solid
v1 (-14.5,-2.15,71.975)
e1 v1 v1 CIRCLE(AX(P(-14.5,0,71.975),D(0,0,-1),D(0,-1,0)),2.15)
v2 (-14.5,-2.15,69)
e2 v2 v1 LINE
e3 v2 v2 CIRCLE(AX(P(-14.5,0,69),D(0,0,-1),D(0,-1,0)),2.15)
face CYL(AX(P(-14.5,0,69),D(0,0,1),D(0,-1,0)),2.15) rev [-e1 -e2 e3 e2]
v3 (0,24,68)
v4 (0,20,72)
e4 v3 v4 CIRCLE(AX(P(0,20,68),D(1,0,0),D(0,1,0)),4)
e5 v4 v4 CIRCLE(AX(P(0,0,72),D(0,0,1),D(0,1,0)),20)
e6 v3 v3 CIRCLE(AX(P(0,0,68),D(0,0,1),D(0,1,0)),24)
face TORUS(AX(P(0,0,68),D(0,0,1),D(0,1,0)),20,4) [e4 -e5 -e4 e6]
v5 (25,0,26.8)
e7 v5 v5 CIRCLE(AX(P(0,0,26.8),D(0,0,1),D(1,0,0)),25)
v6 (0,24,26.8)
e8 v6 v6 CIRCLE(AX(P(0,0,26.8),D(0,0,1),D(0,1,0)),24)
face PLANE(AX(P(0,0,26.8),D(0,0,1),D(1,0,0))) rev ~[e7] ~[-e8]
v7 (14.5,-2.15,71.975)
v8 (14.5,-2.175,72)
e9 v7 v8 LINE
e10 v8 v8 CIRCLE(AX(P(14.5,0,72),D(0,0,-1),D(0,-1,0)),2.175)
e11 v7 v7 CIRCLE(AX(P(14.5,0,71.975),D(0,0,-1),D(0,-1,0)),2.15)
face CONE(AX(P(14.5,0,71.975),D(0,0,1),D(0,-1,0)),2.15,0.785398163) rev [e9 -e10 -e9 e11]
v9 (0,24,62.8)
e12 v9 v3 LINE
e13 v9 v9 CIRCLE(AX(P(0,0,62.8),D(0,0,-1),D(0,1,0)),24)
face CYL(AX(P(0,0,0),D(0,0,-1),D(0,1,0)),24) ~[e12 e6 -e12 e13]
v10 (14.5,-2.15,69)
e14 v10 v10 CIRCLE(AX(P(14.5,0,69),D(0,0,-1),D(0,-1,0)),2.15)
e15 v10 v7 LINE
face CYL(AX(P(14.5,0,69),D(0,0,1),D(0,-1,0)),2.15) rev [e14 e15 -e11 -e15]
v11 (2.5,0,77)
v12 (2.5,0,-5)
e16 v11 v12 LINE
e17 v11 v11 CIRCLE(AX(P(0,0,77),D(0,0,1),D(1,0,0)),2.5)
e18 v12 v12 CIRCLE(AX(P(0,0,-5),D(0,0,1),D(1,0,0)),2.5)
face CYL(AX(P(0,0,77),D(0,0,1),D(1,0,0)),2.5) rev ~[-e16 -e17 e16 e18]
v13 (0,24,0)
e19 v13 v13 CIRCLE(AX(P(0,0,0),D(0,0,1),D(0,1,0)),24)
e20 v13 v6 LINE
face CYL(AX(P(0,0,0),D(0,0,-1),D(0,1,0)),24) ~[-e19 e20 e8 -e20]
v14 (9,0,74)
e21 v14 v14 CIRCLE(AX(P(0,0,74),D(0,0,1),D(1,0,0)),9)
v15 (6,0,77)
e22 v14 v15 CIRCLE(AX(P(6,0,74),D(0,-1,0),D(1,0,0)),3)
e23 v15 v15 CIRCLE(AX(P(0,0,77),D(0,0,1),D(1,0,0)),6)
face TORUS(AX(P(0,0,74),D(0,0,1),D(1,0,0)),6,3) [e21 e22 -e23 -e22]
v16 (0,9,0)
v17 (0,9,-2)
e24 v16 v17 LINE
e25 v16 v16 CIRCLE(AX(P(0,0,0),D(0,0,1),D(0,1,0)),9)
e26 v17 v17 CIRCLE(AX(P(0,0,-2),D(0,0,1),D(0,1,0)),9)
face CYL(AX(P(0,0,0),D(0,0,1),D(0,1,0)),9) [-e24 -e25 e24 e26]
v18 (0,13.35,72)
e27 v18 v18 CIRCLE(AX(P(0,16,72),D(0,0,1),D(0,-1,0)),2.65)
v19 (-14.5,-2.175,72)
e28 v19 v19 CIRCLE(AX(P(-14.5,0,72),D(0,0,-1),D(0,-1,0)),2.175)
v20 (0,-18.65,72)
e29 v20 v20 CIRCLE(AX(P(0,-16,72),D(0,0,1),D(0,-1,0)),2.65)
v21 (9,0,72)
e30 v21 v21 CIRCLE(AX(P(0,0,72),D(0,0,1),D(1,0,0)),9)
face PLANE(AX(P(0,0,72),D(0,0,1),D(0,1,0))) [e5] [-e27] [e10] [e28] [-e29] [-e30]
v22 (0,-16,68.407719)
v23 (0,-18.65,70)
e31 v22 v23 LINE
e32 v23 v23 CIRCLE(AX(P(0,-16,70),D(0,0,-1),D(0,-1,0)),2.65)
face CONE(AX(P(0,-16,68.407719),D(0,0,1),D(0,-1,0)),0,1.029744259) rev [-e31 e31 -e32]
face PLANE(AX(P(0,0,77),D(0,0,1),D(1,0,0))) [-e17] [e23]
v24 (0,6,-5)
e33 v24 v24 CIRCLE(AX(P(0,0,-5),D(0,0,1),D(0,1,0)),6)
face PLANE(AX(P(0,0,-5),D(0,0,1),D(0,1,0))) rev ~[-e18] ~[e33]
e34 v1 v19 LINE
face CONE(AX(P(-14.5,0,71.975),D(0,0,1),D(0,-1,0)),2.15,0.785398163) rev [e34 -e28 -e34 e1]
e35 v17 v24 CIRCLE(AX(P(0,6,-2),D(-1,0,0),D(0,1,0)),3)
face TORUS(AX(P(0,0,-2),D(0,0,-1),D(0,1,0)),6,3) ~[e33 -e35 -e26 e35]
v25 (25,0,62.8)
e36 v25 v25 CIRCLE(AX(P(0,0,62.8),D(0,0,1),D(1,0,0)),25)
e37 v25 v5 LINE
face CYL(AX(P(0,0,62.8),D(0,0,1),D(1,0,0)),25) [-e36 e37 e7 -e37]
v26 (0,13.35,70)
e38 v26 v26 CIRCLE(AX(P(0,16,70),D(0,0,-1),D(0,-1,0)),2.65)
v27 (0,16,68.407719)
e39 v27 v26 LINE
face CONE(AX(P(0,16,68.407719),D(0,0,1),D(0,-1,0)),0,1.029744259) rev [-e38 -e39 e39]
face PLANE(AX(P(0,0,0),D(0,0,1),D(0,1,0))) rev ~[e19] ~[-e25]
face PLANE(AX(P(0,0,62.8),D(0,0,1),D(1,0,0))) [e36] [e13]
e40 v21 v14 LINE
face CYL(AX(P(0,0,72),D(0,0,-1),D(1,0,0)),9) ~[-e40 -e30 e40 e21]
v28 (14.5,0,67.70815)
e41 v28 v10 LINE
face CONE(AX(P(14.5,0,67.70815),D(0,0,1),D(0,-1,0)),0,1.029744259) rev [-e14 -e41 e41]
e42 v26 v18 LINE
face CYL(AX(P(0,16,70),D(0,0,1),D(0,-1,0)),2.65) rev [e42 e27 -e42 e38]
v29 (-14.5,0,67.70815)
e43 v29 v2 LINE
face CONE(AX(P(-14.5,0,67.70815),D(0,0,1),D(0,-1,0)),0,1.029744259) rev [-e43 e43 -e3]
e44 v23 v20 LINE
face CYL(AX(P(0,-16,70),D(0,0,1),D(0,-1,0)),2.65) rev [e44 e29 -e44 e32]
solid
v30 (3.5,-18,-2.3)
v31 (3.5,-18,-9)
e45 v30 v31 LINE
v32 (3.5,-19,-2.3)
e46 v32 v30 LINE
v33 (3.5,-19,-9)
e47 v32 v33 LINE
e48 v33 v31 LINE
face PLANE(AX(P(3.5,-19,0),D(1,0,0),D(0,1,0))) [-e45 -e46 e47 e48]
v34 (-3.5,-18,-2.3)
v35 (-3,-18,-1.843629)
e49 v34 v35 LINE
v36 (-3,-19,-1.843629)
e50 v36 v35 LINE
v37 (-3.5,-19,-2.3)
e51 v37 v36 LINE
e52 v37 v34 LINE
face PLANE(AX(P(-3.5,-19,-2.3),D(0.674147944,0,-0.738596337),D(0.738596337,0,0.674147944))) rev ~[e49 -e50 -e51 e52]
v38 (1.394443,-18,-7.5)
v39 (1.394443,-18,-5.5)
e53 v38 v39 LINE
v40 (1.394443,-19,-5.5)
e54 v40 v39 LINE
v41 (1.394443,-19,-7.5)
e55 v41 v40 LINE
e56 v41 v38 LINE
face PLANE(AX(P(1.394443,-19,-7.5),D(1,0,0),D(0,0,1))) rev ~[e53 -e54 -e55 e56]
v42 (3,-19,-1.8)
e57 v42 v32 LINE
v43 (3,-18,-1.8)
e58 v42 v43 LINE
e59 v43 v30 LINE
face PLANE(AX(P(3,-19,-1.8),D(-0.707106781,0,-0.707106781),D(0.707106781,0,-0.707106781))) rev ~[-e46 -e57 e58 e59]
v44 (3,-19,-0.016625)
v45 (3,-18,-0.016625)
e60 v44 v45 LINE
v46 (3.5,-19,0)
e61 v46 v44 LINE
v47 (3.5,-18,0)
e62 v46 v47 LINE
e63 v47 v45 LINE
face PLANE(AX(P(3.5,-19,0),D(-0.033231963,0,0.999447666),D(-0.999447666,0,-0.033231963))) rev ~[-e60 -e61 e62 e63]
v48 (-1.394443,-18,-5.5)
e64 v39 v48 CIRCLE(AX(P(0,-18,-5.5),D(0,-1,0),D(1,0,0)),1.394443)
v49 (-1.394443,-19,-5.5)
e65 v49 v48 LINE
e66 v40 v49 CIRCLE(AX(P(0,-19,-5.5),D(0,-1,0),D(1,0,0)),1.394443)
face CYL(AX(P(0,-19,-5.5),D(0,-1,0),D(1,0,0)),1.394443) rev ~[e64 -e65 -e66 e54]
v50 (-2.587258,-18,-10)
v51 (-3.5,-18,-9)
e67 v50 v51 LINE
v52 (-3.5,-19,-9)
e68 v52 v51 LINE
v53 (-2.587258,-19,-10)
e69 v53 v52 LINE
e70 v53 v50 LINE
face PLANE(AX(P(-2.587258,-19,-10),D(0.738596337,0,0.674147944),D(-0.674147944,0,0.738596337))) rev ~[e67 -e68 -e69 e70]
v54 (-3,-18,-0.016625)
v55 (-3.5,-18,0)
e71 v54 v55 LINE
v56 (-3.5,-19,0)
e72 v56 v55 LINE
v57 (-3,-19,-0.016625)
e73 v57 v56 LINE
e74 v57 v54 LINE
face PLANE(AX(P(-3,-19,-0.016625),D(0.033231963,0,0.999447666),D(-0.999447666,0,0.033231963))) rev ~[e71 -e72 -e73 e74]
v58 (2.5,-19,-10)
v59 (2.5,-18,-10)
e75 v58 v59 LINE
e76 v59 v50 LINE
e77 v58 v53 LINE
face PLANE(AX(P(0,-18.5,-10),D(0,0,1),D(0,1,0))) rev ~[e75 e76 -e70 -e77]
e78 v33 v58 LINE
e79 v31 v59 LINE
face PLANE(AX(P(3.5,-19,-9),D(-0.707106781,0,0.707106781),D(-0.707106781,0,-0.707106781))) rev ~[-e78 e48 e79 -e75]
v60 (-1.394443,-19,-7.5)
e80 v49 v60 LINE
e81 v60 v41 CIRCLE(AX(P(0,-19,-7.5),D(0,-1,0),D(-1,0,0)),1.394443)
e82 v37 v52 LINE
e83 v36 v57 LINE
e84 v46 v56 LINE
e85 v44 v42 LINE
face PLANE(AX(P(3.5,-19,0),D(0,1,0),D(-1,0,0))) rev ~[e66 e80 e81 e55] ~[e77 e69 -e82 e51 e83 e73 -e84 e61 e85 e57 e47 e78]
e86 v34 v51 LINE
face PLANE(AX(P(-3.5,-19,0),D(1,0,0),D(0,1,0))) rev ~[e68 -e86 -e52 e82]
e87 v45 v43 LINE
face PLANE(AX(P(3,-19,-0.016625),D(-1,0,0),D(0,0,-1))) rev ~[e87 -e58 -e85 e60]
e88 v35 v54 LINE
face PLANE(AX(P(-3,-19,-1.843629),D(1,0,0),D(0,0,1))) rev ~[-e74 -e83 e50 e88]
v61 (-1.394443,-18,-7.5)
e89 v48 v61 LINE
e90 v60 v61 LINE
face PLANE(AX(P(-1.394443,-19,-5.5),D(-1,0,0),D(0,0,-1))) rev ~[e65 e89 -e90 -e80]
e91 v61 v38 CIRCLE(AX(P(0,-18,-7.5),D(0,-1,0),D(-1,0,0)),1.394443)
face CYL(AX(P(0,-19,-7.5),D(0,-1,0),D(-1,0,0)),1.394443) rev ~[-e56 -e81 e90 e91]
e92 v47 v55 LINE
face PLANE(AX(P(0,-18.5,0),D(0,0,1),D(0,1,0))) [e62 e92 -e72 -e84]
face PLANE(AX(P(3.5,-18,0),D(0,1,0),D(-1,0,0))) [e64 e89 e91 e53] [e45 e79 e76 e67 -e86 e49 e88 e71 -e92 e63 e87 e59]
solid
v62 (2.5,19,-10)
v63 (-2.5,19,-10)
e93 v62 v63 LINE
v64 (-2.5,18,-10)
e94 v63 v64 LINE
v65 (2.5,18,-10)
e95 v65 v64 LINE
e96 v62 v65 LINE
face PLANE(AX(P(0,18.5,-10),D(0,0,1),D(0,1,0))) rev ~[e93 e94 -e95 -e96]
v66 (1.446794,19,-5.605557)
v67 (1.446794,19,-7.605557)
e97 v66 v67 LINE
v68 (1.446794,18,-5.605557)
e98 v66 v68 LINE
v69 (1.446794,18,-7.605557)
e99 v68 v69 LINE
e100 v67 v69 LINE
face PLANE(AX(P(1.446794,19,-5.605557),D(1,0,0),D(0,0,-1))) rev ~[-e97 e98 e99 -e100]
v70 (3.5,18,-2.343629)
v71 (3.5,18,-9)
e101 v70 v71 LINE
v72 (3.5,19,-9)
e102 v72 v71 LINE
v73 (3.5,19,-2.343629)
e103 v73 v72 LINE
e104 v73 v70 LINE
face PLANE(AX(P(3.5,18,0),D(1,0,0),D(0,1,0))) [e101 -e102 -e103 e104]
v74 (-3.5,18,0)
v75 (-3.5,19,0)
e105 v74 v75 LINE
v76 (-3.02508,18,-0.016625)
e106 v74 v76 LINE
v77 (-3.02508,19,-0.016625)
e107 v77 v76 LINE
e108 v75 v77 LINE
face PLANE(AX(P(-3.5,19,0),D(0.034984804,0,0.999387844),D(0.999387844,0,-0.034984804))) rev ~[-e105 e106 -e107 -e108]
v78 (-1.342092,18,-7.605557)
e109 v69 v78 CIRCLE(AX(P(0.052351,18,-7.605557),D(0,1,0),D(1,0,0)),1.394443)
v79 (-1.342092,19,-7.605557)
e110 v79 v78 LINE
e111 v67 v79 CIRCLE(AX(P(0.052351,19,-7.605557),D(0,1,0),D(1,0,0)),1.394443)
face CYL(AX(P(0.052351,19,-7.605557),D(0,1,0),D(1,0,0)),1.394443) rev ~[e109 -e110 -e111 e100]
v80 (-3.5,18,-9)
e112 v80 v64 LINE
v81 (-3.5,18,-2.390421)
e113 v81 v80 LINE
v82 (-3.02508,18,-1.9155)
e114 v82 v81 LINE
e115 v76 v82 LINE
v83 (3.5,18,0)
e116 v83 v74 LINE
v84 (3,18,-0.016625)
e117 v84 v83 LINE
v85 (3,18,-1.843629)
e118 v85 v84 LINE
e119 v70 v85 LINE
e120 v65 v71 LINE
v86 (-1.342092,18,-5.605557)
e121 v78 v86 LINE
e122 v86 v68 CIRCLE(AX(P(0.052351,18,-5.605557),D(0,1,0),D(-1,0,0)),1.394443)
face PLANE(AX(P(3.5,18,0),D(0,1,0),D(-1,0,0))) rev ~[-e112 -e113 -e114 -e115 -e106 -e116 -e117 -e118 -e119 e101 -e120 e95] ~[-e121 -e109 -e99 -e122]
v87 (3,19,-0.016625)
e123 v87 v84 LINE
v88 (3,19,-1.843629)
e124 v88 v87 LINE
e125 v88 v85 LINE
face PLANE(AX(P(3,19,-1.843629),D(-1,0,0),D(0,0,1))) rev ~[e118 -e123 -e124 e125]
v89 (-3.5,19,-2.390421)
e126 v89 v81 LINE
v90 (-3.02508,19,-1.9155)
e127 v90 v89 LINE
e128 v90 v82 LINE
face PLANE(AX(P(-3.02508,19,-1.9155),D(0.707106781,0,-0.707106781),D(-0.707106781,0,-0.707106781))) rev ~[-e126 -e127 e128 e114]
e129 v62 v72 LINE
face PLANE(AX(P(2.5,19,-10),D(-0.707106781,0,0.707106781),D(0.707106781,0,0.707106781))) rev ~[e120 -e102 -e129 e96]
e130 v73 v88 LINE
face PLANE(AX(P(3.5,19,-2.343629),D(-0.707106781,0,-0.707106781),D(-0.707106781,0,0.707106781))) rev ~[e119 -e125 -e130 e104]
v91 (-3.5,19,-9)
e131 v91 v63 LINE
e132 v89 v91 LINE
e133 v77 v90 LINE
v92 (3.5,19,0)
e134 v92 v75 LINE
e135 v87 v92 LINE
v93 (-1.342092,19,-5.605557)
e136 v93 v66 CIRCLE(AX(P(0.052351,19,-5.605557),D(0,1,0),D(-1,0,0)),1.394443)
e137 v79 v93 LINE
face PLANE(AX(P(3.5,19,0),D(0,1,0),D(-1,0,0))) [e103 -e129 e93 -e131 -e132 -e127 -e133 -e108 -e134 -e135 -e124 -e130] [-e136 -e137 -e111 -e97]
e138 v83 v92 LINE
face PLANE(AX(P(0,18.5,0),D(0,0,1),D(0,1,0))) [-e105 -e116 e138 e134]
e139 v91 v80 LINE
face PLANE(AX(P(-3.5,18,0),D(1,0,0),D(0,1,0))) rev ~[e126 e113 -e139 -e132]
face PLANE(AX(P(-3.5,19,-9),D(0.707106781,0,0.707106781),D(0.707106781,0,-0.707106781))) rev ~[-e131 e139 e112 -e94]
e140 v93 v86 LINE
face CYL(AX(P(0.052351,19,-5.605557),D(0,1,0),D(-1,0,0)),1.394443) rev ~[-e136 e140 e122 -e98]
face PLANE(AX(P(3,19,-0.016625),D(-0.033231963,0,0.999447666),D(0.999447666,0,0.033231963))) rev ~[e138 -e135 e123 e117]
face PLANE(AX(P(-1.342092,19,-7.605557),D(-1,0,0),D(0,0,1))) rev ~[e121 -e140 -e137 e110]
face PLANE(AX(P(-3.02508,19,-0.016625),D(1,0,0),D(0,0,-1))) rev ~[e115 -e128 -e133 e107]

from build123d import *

# Parameters (mm, degrees)
SKETCH1_R                     = 24
BOSS_EXTRUDE1_DEPTH           = 72
SKETCH6_R                     = 9
BOSS_EXTRUDE2_DEPTH           = 5
SKETCH7_R                     = 9
BOSS_EXTRUDE3_DEPTH           = 5
SKETCH8_R                     = 2.5
CUT_EXTRUDE5_DEPTH            = 82
FILLET3_R                     = 3
FILLET4_R                     = 4
BOSS_EXTRUDE4_START           = -9.2
SKETCH9_R                     = 25
SKETCH9_R_2                   = 24
BOSS_EXTRUDE4_DEPTH           = 36
SKETCH10_W                    = 1
SKETCH10_H                    = 7
BOSS_EXTRUDE5_DEPTH           = 10
BOSS_EXTRUDE5_2_DEPTH         = 10
M4_CLEARANCE_HOLE5_AT_2_COUNT = 2
M4_CLEARANCE_HOLE5_AT_2_PITCH = 29
M5_CLEARANCE_HOLE1_AT_2_COUNT = 2
M5_CLEARANCE_HOLE1_AT_2_PITCH = 32
CUT_EXTRUDE7_DEPTH            = 1
CUT_EXTRUDE8_DEPTH            = 1


with BuildPart() as part:
    # Sketch1 → Boss-Extrude1 (new body)
    with BuildSketch(Plane(origin=(0, 0, 0), x_dir=(0, 1, 0), z_dir=(0, 0, 1))):
        Circle(SKETCH1_R)
    extrude(amount=BOSS_EXTRUDE1_DEPTH)

    # Sketch6 → Boss-Extrude2 (add)
    with BuildSketch(Plane.XY.offset(72)):
        Circle(SKETCH6_R)
    extrude(amount=BOSS_EXTRUDE2_DEPTH)

    # Sketch7 → Boss-Extrude3 (add)
    with BuildSketch(Plane(origin=(0, 0, 0), x_dir=(0, 1, 0), z_dir=(0, 0, 1))):
        Circle(SKETCH7_R)
    extrude(amount=-BOSS_EXTRUDE3_DEPTH)

    # Sketch8 → Cut-Extrude5 (cut)
    with BuildSketch(Plane.XY.offset(77)):
        Circle(SKETCH8_R)
    extrude(amount=-CUT_EXTRUDE5_DEPTH, mode=Mode.SUBTRACT)

    # Fillet3
    fillet3_edges = [part.edges().sort_by_distance(p)[0] for p in [
        (0, -9, -5),
        (-9, 0, 77),
    ]]
    fillet(fillet3_edges, radius=FILLET3_R)

    # Fillet4
    fillet4_edges = [part.edges().sort_by_distance(p)[0] for p in [
        (0, -24, 72),
    ]]
    fillet(fillet4_edges, radius=FILLET4_R)

    # Sketch9 → Boss-Extrude4 (add)
    with BuildSketch(Plane.XY.offset(72).offset(BOSS_EXTRUDE4_START)):
        Circle(SKETCH9_R)
        Circle(SKETCH9_R_2, mode=Mode.SUBTRACT)
    extrude(amount=-BOSS_EXTRUDE4_DEPTH)

    # Sketch18 → M4 Clearance Hole5 (revolve, cut)
    with BuildSketch(Plane(origin=(14.5, 0, 72), x_dir=(0, -1, 0), z_dir=(1, 0, 0))):
        Polygon((0, 0), (0, 4.291850331), (2.15, 3), (2.15, 0.025), (2.175, 0), align=None)
    m4_clearance_hole5 = revolve(axis=Axis((14.5, 0, 78.35), (0, 0, -1)), mode=Mode.SUBTRACT)

    # M4 Clearance Hole5 at 2: M4 Clearance Hole5 ×2
    with Locations(*[(-i * M4_CLEARANCE_HOLE5_AT_2_PITCH, 0, 0) for i in range(1, M4_CLEARANCE_HOLE5_AT_2_COUNT)]):
        add(m4_clearance_hole5, mode=Mode.SUBTRACT)

    # Sketch20 → M5 Clearance Hole1 (revolve, cut)
    with BuildSketch(Plane(origin=(0, 16, 77), x_dir=(0, -1, 0), z_dir=(1, 0, 0))):
        Polygon((0, 0), (0, 8.59228064), (2.65, 7), (2.65, 0.025), (2.675, 0), align=None)
    m5_clearance_hole1 = revolve(axis=Axis((0, 16, 83.35), (0, 0, -1)), mode=Mode.SUBTRACT)

    # M5 Clearance Hole1 at 2: M5 Clearance Hole1 ×2
    with Locations(*[(0, -i * M5_CLEARANCE_HOLE1_AT_2_PITCH, 0) for i in range(1, M5_CLEARANCE_HOLE1_AT_2_COUNT)]):
        add(m5_clearance_hole1, mode=Mode.SUBTRACT)


with BuildPart() as body_2:
    # Sketch10 → Boss-Extrude5 (new body)
    with BuildSketch(Plane(origin=(0, 0, 0), x_dir=(0, 1, 0), z_dir=(0, 0, 1))):
        with Locations((-18.5, 0)):
            Rectangle(SKETCH10_W, SKETCH10_H)
    extrude(amount=-BOSS_EXTRUDE5_DEPTH)

    # Sketch21 → Cut-Extrude7 (cut)
    with BuildSketch(Plane.XZ.offset(19)):
        Polygon((-3, -1.843628969), (-3, -0.016625164), (-3.5, 0), (-3.5, -2.3), align=None)
        Polygon((3.5, 0), (3, -0.016625164), (3, -1.8), (3.5, -2.3), align=None)
        Polygon((-2.587257938, -10), (-3.5, -9), (-3.5, -10), align=None)
        Polygon((3.5, -10), (3.5, -9), (2.5, -10), align=None)
        with BuildLine():
            Line((-1.394443017, -5.5), (-1.394443017, -7.5))
            ThreePointArc((-1.394443017, -7.5), (0, -8.894443017), (1.394443017, -7.5))
            Line((1.394443017, -7.5), (1.394443017, -5.5))
            ThreePointArc((1.394443017, -5.5), (0, -4.105556983), (-1.394443017, -5.5))
        make_face()
    extrude(amount=-CUT_EXTRUDE7_DEPTH, mode=Mode.SUBTRACT)


with BuildPart() as body_3:
    # Sketch10 → Boss-Extrude5 2 (new body)
    with BuildSketch(Plane(origin=(0, 0, 0), x_dir=(0, 1, 0), z_dir=(0, 0, 1))):
        with Locations((18.5, 0)):
            Rectangle(SKETCH10_W, SKETCH10_H)
    extrude(amount=-BOSS_EXTRUDE5_2_DEPTH)

    # Sketch23 → Cut-Extrude8 (cut)
    with BuildSketch(Plane(origin=(0, 19, 0), x_dir=(-1, 0, 0), z_dir=(0, 1, 0))):
        Polygon((-3, -1.843628969), (-3, -0.016625164), (-3.5, 0), (-3.5, -2.343628969), align=None)
        Polygon((3.5, 0), (3.025079896, -0.016625164), (3.025079896, -1.915500434), (3.5, -2.390420538), align=None)
        Polygon((-2.5, -10), (-3.5, -9), (-3.5, -10), align=None)
        Polygon((3.5, -10), (3.5, -9), (2.5, -10), align=None)
        with BuildLine():
            Line((-1.446794446, -5.605556983), (-1.446794446, -7.605556983))
            ThreePointArc((-1.446794446, -7.605556983), (-0.052351429, -9), (1.342091587, -7.605556983))
            Line((1.342091587, -7.605556983), (1.342091587, -5.605556983))
            ThreePointArc((1.342091587, -5.605556983), (-0.052351429, -4.211113967), (-1.446794446, -5.605556983))
        make_face()
    extrude(amount=-CUT_EXTRUDE8_DEPTH, mode=Mode.SUBTRACT)


solid = Compound([part.part, body_2.part, body_3.part])
